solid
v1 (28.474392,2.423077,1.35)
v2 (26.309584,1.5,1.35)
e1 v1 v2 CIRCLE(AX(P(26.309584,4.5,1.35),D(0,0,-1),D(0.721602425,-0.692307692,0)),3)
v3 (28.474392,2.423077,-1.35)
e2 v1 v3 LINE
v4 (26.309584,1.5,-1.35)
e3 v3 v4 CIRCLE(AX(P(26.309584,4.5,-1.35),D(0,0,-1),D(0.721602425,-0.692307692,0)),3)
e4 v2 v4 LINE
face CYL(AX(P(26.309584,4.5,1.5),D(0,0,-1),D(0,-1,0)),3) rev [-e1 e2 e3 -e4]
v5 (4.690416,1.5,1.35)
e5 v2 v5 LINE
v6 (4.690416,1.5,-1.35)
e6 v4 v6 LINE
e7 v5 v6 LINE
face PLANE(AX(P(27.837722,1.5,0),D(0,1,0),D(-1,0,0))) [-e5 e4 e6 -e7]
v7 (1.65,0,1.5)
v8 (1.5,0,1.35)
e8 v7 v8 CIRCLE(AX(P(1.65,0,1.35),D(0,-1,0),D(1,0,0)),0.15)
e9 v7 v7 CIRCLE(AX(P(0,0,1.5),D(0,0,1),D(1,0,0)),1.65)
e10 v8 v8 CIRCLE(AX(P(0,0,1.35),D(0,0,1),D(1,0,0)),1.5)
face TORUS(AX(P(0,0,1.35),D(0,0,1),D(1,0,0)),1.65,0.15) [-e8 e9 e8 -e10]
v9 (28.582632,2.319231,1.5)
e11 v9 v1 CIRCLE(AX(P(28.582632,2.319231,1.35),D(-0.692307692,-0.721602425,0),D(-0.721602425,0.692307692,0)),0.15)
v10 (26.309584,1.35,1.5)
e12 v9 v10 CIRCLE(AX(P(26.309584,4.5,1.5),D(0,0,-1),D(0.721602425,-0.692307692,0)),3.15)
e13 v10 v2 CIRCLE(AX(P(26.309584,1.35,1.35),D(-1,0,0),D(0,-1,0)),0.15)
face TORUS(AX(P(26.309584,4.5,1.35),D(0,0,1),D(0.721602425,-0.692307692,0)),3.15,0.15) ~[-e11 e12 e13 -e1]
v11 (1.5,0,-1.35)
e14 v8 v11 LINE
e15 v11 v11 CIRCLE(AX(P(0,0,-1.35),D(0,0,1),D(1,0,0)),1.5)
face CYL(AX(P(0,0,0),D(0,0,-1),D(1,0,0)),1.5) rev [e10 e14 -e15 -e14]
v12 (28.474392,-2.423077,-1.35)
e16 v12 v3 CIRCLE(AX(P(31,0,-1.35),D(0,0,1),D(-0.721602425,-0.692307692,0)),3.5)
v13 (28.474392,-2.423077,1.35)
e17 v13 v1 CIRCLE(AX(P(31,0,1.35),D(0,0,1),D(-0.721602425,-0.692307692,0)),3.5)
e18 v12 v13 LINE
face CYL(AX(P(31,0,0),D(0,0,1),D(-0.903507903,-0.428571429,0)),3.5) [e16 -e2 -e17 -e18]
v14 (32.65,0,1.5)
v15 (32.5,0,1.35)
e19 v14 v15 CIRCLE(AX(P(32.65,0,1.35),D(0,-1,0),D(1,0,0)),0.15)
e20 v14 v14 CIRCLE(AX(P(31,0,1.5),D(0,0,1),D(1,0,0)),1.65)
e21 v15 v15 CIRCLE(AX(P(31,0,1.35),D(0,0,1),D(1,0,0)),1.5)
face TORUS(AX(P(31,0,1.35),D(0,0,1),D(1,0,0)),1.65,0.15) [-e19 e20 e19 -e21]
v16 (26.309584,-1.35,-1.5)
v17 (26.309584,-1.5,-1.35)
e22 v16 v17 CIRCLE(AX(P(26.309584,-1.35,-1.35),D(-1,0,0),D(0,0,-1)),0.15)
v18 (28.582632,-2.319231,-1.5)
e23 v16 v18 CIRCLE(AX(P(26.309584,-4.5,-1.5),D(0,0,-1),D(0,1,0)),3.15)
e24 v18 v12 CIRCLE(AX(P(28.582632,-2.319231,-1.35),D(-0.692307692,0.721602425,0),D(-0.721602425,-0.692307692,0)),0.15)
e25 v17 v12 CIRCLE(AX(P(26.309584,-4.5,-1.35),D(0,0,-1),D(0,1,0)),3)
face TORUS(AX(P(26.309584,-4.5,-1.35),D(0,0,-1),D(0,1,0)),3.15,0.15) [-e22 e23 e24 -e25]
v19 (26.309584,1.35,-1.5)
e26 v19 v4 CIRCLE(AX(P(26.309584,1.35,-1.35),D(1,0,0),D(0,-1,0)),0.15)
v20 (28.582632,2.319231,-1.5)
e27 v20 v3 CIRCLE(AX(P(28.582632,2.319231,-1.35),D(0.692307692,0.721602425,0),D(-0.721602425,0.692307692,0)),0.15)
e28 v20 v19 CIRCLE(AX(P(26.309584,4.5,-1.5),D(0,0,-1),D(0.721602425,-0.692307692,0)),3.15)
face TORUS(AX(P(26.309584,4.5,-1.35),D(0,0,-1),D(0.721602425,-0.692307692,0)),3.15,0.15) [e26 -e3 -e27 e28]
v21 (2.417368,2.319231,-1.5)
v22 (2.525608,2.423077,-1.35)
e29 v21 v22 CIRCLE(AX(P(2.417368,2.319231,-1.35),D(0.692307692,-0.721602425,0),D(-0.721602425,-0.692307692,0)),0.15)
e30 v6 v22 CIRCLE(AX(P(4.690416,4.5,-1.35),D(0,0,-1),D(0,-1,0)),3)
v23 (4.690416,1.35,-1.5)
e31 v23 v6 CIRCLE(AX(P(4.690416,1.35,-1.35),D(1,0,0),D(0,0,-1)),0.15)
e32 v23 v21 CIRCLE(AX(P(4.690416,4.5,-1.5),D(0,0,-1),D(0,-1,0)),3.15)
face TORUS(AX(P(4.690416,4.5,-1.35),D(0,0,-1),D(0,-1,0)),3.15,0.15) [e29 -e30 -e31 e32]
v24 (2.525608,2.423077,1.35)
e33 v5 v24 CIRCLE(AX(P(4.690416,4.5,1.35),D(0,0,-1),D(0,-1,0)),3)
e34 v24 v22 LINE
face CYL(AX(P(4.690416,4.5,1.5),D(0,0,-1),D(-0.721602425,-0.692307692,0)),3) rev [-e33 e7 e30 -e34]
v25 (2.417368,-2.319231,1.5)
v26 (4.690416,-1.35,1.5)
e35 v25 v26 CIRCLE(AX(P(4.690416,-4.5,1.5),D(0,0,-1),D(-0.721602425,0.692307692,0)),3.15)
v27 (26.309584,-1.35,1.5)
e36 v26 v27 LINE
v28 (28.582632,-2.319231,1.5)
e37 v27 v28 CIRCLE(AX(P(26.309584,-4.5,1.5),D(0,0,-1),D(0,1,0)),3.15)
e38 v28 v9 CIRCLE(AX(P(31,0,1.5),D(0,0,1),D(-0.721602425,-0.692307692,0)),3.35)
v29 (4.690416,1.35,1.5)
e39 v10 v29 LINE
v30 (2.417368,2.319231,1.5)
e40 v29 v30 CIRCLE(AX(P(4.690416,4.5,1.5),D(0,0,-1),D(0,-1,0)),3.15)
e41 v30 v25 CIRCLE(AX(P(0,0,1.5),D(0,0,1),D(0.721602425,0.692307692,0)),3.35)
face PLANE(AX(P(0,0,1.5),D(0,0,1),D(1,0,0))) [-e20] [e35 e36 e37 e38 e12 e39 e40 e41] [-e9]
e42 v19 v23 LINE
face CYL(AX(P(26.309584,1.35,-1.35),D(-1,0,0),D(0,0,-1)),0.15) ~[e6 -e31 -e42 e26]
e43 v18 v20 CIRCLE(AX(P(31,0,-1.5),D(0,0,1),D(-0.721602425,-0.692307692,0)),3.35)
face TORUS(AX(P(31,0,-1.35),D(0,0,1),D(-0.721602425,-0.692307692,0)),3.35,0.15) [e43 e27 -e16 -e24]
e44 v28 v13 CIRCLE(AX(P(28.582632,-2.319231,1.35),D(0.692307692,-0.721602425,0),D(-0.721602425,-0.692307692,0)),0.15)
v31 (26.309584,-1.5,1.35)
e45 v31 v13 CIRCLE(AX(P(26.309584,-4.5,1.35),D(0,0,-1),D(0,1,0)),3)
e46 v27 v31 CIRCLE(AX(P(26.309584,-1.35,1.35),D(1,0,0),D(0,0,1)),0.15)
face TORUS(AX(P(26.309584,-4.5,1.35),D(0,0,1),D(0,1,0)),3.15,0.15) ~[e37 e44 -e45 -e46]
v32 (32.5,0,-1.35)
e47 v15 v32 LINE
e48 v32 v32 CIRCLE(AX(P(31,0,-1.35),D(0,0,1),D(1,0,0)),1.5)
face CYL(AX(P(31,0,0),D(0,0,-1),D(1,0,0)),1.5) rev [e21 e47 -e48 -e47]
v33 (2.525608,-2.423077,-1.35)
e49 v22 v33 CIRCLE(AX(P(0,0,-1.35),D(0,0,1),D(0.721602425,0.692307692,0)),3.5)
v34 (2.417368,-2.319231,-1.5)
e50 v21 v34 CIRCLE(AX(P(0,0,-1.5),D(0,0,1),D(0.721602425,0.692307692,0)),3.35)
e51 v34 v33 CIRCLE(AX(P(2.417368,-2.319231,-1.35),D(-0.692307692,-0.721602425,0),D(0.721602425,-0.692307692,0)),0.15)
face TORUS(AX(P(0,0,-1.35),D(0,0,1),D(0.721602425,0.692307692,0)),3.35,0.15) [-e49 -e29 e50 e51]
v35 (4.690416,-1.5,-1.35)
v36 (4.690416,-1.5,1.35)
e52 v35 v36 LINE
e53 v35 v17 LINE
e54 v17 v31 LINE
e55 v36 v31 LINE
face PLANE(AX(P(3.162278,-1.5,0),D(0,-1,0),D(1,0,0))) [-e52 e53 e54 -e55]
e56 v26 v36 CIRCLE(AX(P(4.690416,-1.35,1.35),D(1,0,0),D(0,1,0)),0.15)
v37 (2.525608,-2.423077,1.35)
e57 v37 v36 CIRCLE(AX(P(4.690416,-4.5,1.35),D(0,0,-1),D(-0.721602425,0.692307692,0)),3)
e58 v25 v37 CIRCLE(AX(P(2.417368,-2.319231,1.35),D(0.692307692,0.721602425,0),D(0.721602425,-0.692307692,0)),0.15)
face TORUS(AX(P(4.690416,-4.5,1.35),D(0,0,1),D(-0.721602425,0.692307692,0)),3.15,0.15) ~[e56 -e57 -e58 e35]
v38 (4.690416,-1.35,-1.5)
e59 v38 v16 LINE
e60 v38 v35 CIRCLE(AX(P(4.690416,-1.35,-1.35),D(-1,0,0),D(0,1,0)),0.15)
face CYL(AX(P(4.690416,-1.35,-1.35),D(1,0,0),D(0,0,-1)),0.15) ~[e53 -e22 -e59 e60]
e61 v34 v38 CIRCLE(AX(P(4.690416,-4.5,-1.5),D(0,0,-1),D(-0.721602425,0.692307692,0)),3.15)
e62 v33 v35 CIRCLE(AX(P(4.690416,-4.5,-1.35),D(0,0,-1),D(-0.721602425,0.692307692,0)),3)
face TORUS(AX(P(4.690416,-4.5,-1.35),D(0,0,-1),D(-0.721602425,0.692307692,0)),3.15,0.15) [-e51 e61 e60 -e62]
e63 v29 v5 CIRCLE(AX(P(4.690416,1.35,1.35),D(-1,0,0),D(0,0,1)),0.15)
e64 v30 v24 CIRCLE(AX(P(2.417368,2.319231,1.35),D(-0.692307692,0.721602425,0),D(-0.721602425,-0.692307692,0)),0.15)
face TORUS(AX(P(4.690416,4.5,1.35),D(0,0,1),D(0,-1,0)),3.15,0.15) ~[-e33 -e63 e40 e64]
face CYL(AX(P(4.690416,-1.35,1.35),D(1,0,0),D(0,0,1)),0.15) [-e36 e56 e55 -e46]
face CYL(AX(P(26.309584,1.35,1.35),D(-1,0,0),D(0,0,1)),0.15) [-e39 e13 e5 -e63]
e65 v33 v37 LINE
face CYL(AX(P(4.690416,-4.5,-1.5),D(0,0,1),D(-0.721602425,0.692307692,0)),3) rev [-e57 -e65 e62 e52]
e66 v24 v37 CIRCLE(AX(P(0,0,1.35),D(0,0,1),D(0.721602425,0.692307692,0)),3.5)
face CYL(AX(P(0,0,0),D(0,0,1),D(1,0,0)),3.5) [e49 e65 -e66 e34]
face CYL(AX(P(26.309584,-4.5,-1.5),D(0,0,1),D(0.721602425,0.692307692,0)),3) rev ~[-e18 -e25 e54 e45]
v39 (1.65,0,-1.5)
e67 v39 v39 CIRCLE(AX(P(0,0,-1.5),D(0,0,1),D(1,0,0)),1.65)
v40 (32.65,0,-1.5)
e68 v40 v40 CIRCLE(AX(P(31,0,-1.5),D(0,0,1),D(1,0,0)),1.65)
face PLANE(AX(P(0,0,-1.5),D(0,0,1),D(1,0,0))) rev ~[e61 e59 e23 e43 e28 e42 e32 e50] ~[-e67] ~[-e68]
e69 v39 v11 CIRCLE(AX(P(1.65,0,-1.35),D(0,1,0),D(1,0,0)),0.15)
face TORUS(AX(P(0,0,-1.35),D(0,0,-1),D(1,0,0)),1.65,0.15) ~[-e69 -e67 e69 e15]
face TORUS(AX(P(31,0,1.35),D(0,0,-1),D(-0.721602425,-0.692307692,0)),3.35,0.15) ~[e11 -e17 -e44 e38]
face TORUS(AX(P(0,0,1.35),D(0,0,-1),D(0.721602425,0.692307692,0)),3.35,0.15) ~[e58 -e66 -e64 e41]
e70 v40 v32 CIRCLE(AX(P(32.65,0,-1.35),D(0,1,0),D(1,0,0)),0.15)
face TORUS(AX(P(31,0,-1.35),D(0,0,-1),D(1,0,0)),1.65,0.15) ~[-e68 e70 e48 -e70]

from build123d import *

# Parameters (mm, degrees)
SKETCH1_R           = 3.5
SKETCH1_R_2         = 1.5
BOSS_EXTRUDE1_DEPTH = 1.5
FILLET1_R           = 3
FILLET3_R           = 0.15


with BuildPart() as part:
    # Sketch1 → Boss-Extrude1 (new body, symmetric)
    with BuildSketch(Plane.XY):
        Circle(SKETCH1_R)
        Circle(SKETCH1_R_2, mode=Mode.SUBTRACT)
        with BuildLine():
            Line((3.16227766, -1.5), (27.83772234, -1.5))
            ThreePointArc((27.83772234, -1.5), (27.5, 0), (27.83772234, 1.5))
            Line((27.83772234, 1.5), (3.16227766, 1.5))
            ThreePointArc((3.16227766, 1.5), (3.414525722, 0.768774411), (3.5, 0))
            ThreePointArc((3.5, 0), (3.414525722, -0.768774411), (3.16227766, -1.5))
        make_face()
        with Locations((31, 0)):
            Circle(SKETCH1_R)
        with Locations((31, 0)):
            Circle(SKETCH1_R_2, mode=Mode.SUBTRACT)
    extrude(amount=BOSS_EXTRUDE1_DEPTH, both=True)

    # Fillet1
    fillet1_edges = [part.edges().sort_by_distance(p)[0] for p in [
        (27.83772234, 1.5, 0),
        (27.83772234, -1.5, 0),
        (3.16227766, -1.5, 0),
        (3.16227766, 1.5, 0),
    ]]
    fillet(fillet1_edges, radius=FILLET1_R)

    # Fillet3
    fillet3_edges = [part.edges().sort_by_distance(p)[0] for p in [
        (34.5, 0, -1.5),
        (34.5, 0, 1.5),
        (-1.5, 0, 1.5),
        (15.5, -1.5, -1.5),
        (15.5, -1.5, 1.5),
        (-3.5, 0, -1.5),
        (-3.5, 0, 1.5),
        (29.5, 0, 1.5),
        (15.5, 1.5, -1.5),
        (15.5, 1.5, 1.5),
        (27.486281051, -1.740401367, -1.5),
        (27.486281051, -1.740401367, 1.5),
        (3.513718949, -1.740401367, -1.5),
        (3.513718949, -1.740401367, 1.5),
        (27.486281051, 1.740401367, -1.5),
        (27.486281051, 1.740401367, 1.5),
        (3.513718949, 1.740401367, -1.5),
        (3.513718949, 1.740401367, 1.5),
        (29.5, 0, -1.5),
        (-1.5, 0, -1.5),
    ]]
    fillet(fillet3_edges, radius=FILLET3_R)


solid = part.part
